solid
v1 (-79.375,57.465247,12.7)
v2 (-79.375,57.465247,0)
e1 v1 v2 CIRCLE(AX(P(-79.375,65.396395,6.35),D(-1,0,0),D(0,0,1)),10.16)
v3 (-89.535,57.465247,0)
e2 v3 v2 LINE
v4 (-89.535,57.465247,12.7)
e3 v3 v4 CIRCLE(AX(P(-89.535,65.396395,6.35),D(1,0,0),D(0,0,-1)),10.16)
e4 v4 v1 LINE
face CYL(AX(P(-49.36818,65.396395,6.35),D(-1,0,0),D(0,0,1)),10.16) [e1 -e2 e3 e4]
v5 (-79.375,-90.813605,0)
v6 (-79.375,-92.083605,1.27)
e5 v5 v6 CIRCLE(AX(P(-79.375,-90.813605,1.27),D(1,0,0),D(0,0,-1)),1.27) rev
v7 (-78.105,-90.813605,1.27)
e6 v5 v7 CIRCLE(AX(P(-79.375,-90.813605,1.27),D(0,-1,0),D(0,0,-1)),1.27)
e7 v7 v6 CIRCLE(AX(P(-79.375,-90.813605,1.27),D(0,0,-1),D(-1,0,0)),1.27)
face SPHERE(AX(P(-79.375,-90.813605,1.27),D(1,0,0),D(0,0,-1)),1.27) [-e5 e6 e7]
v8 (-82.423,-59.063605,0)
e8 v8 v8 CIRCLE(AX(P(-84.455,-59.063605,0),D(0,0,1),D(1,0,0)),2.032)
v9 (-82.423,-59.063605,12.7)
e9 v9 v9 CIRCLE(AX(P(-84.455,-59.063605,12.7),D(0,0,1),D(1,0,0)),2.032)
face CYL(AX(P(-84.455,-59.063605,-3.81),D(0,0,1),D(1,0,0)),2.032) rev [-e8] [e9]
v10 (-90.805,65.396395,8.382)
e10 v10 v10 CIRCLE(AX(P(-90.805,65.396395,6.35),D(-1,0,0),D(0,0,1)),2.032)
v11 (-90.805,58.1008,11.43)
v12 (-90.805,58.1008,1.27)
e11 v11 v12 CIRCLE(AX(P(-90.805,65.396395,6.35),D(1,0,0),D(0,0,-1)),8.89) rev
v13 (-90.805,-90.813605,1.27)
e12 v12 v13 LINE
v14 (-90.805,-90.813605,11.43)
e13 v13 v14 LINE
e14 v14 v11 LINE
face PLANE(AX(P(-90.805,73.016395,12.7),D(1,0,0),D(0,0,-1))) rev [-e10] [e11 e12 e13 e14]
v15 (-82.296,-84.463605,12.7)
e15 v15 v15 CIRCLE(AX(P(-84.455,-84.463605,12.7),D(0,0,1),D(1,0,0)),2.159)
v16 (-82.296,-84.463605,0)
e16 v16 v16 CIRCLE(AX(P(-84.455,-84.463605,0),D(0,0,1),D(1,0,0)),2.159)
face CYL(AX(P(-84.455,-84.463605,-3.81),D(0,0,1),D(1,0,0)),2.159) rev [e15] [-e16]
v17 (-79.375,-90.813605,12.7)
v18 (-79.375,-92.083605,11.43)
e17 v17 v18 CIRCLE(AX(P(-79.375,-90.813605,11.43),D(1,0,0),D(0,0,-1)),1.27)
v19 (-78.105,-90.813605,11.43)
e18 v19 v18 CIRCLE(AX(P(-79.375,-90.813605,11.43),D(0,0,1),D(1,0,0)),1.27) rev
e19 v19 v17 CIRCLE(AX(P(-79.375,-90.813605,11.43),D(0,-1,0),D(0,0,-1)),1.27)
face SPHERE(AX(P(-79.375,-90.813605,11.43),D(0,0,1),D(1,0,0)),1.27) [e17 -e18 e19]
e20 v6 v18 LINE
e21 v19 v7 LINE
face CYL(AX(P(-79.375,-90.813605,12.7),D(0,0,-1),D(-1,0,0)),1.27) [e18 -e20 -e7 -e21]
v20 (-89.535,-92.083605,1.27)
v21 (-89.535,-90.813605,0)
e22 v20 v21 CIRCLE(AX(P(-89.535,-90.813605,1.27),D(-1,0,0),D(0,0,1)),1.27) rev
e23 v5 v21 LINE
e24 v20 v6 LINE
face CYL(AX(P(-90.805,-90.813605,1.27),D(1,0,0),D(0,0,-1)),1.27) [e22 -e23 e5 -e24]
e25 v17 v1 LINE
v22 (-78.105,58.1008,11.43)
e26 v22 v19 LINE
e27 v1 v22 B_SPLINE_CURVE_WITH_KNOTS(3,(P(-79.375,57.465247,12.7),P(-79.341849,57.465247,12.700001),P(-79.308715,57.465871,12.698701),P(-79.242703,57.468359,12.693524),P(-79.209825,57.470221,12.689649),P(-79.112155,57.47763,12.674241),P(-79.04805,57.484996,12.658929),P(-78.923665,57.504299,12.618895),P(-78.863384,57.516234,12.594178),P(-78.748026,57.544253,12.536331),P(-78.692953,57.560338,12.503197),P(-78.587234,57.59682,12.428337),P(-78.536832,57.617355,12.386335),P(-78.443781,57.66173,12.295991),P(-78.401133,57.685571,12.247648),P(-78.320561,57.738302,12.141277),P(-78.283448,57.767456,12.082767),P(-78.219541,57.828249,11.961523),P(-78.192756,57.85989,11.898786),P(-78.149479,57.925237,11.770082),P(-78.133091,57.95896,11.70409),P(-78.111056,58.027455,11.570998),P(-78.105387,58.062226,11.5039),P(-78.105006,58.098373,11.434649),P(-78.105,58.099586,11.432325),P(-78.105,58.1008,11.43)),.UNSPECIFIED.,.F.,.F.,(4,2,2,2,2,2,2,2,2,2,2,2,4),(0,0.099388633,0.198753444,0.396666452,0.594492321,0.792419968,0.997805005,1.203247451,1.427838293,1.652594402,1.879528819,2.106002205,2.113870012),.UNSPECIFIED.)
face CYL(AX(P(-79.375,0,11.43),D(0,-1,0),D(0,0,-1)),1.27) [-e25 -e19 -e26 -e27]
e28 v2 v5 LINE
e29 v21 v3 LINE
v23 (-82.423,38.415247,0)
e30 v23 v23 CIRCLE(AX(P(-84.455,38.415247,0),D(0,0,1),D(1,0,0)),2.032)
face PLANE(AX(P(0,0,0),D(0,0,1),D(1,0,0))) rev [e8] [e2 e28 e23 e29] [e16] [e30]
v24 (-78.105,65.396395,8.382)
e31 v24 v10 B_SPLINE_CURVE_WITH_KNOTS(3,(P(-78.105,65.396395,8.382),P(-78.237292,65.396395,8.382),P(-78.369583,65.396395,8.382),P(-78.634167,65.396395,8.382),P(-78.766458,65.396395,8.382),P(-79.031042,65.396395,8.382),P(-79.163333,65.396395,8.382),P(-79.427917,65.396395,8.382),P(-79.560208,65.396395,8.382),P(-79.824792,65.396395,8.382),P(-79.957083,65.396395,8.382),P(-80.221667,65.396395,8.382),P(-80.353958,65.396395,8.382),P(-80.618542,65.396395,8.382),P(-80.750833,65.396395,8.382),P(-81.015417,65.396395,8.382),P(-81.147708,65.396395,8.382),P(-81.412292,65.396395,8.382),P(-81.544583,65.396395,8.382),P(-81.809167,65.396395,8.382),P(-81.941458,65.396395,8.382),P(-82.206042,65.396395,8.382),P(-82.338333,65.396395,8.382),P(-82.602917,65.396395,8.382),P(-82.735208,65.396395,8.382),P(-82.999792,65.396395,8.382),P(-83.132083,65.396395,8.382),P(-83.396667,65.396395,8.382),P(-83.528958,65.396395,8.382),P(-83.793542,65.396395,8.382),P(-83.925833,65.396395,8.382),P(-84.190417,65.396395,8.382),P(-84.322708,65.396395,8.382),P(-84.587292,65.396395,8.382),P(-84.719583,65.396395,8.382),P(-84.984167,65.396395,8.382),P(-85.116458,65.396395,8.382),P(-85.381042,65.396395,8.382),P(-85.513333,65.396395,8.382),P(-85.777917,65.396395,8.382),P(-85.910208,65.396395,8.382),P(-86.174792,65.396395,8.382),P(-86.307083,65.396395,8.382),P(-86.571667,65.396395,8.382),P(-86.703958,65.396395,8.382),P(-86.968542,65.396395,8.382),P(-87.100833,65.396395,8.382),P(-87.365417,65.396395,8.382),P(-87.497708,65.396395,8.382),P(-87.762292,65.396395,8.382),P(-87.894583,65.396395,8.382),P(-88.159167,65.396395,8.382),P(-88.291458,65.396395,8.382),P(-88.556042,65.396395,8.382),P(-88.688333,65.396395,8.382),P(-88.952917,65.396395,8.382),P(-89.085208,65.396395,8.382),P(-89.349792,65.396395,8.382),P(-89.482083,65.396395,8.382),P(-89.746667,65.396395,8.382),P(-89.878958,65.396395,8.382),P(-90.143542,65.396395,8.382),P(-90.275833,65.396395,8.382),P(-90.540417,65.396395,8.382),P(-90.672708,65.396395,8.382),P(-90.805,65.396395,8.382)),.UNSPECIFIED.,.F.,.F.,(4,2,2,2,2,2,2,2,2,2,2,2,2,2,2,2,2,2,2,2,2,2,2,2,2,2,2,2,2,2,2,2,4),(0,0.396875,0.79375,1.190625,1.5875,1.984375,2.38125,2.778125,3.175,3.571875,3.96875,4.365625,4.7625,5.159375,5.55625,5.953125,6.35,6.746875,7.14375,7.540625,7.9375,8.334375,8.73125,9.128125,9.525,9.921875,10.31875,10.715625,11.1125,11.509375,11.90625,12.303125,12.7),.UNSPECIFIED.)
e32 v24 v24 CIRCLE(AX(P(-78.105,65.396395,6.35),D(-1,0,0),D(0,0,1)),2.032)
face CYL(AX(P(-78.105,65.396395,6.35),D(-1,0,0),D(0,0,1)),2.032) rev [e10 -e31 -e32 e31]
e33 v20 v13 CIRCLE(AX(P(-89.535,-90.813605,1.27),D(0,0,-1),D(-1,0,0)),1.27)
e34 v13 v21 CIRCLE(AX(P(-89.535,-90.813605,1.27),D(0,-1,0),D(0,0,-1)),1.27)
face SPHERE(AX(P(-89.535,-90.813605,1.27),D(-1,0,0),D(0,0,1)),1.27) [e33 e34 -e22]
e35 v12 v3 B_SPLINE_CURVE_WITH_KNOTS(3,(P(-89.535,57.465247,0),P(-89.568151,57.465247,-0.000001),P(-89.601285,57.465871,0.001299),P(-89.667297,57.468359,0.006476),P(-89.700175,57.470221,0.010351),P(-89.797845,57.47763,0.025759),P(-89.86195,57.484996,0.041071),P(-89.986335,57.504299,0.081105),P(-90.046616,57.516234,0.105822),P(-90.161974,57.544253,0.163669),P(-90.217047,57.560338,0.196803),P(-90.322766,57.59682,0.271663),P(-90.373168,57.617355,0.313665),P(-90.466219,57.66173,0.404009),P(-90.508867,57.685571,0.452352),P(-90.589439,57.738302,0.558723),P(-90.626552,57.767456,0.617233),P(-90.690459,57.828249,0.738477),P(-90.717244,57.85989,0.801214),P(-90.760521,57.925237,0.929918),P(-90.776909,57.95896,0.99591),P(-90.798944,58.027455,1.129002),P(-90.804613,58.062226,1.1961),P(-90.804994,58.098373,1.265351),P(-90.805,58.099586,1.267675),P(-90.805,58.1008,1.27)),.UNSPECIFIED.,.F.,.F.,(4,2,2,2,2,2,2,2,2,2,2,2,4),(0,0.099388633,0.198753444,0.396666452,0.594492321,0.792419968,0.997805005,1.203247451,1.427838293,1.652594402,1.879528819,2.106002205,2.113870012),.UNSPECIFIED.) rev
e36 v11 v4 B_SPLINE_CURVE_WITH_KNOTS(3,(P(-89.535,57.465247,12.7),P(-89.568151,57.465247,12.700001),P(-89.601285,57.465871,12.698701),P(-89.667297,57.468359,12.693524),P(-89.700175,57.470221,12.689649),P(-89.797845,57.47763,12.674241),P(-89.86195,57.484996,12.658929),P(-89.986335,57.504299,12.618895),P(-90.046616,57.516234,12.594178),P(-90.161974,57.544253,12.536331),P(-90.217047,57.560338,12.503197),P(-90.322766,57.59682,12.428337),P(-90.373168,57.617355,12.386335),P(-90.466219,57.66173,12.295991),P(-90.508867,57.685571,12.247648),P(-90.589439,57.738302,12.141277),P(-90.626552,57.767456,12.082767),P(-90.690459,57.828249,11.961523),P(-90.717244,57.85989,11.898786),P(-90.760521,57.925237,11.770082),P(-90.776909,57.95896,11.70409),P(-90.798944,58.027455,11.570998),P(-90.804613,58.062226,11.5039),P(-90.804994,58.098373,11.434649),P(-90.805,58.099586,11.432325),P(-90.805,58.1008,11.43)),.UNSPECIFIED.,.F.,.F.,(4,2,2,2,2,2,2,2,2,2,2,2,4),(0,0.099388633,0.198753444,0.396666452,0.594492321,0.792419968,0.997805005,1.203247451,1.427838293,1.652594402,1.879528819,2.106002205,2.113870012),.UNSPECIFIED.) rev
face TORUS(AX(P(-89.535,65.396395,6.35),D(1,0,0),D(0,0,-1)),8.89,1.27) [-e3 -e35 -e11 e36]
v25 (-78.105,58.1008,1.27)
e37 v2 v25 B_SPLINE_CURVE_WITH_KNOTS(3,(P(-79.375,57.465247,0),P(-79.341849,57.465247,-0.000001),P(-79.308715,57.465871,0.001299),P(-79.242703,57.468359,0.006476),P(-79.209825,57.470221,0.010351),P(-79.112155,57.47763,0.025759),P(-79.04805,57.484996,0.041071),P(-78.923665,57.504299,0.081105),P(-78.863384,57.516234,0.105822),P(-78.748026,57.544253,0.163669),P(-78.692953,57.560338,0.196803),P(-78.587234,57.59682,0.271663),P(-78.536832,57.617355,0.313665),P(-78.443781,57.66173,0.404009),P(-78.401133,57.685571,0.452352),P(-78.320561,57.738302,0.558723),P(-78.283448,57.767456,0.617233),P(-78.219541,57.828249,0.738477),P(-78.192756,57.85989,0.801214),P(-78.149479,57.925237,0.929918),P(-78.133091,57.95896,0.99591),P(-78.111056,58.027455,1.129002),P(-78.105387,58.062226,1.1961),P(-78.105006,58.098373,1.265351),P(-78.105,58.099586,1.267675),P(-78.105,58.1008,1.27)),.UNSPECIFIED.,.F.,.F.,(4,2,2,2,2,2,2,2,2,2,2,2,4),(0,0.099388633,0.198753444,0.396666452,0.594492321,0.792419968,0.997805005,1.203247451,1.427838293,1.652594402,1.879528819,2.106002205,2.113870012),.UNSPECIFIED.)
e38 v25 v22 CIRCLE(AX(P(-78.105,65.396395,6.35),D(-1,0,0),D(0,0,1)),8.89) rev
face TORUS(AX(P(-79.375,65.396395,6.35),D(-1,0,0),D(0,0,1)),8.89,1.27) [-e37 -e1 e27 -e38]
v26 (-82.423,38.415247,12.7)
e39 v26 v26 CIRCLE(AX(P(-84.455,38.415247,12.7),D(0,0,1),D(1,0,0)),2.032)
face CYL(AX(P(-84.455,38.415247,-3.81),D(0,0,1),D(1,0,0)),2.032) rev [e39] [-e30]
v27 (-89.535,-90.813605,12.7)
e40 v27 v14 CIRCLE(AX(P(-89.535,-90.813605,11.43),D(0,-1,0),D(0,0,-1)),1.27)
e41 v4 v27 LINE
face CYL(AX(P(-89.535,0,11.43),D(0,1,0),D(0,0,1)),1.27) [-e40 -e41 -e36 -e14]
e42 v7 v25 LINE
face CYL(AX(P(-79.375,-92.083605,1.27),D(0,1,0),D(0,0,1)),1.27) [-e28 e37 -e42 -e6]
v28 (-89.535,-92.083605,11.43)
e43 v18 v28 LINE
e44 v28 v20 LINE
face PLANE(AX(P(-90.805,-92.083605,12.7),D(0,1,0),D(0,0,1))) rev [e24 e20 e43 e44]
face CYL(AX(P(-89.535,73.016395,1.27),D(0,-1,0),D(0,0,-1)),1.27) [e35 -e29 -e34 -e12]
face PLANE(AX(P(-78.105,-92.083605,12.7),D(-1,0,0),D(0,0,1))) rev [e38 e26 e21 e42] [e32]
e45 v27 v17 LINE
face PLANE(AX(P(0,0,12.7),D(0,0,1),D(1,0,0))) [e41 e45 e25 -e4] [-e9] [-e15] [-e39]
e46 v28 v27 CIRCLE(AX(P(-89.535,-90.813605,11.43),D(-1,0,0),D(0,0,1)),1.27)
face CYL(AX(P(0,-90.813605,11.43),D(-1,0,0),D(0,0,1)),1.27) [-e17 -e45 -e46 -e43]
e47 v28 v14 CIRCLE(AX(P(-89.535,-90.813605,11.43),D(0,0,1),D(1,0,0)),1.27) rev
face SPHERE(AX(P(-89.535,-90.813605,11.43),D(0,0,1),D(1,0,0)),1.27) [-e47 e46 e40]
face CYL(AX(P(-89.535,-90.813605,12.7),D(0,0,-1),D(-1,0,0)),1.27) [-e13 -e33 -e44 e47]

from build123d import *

# Parameters (mm, degrees)
SKETCH2_W           = 12.7
SKETCH2_H           = 165.1
BOSS_EXTRUDE1_DEPTH = 12.7
SKETCH4_R           = 10.16
BOSS_EXTRUDE2_DEPTH = 12.7
SKETCH5_R           = 2.032
CUT_EXTRUDE2_DEPTH  = 95.410065275
SKETCH6_R           = 2.159
CUT_EXTRUDE4_DEPTH  = 131.374531448
FILLET1_R           = 1.27
SKETCH7_R           = 2.032
CUT_EXTRUDE5_DEPTH  = 131.37453153


with BuildPart() as part:
    # Sketch2 → Boss-Extrude1 (new body)
    with BuildSketch(Plane.XY):
        with Locations((-84.455, -9.533605084)):
            Rectangle(SKETCH2_W, SKETCH2_H)
    extrude(amount=BOSS_EXTRUDE1_DEPTH)

    # Sketch4 → Boss-Extrude2 (add)
    with BuildSketch(Plane.ZY.offset(90.805)):
        with Locations((6.35, 65.396394916)):
            Circle(SKETCH4_R)
    extrude(amount=-BOSS_EXTRUDE2_DEPTH)

    # Sketch5 → Cut-Extrude2 (cut, through all)
    with BuildSketch(Plane.ZY.offset(90.805)):
        with Locations((6.35, 65.396394916)):
            Circle(SKETCH5_R)
    extrude(amount=-CUT_EXTRUDE2_DEPTH, mode=Mode.SUBTRACT)

    # Sketch6 → Cut-Extrude4 (cut, through all)
    with BuildSketch(Plane.XY.offset(12.7)):
        with Locations((-84.455, -84.463605084)):
            Circle(SKETCH6_R)
        with Locations((84.455, -84.463605084)):
            Circle(SKETCH6_R)
    extrude(amount=-CUT_EXTRUDE4_DEPTH, mode=Mode.SUBTRACT)

    # Fillet1
    fillet1_edges = [part.edges().sort_by_distance(p)[0] for p in [
        (-90.805, -17.309178813, 0),
        (-90.805, -17.309178813, 12.7),
        (-90.805, 75.556394916, 6.35),
        (-78.105, 75.556394916, 6.35),
        (-84.455, -92.083605084, 12.7),
        (-78.105, -17.309178813, 0),
        (-84.455, -92.083605084, 0),
        (-90.805, -92.083605084, 6.35),
        (-78.105, -92.083605084, 6.35),
        (-78.105, -17.309178813, 12.7),
    ]]
    fillet(fillet1_edges, radius=FILLET1_R)

    # Sketch7 → Cut-Extrude5 (cut, through all)
    with BuildSketch(Plane.XY.offset(12.7)):
        with Locations((-84.455, -59.063605084)):
            Circle(SKETCH7_R)
        with Locations((-84.455, 38.415247458)):
            Circle(SKETCH7_R)
        with Locations((84.455, -59.063605084)):
            Circle(SKETCH7_R)
        with Locations((84.455, 38.415247458)):
            Circle(SKETCH7_R)
    extrude(amount=-CUT_EXTRUDE5_DEPTH, mode=Mode.SUBTRACT)


solid = part.part
